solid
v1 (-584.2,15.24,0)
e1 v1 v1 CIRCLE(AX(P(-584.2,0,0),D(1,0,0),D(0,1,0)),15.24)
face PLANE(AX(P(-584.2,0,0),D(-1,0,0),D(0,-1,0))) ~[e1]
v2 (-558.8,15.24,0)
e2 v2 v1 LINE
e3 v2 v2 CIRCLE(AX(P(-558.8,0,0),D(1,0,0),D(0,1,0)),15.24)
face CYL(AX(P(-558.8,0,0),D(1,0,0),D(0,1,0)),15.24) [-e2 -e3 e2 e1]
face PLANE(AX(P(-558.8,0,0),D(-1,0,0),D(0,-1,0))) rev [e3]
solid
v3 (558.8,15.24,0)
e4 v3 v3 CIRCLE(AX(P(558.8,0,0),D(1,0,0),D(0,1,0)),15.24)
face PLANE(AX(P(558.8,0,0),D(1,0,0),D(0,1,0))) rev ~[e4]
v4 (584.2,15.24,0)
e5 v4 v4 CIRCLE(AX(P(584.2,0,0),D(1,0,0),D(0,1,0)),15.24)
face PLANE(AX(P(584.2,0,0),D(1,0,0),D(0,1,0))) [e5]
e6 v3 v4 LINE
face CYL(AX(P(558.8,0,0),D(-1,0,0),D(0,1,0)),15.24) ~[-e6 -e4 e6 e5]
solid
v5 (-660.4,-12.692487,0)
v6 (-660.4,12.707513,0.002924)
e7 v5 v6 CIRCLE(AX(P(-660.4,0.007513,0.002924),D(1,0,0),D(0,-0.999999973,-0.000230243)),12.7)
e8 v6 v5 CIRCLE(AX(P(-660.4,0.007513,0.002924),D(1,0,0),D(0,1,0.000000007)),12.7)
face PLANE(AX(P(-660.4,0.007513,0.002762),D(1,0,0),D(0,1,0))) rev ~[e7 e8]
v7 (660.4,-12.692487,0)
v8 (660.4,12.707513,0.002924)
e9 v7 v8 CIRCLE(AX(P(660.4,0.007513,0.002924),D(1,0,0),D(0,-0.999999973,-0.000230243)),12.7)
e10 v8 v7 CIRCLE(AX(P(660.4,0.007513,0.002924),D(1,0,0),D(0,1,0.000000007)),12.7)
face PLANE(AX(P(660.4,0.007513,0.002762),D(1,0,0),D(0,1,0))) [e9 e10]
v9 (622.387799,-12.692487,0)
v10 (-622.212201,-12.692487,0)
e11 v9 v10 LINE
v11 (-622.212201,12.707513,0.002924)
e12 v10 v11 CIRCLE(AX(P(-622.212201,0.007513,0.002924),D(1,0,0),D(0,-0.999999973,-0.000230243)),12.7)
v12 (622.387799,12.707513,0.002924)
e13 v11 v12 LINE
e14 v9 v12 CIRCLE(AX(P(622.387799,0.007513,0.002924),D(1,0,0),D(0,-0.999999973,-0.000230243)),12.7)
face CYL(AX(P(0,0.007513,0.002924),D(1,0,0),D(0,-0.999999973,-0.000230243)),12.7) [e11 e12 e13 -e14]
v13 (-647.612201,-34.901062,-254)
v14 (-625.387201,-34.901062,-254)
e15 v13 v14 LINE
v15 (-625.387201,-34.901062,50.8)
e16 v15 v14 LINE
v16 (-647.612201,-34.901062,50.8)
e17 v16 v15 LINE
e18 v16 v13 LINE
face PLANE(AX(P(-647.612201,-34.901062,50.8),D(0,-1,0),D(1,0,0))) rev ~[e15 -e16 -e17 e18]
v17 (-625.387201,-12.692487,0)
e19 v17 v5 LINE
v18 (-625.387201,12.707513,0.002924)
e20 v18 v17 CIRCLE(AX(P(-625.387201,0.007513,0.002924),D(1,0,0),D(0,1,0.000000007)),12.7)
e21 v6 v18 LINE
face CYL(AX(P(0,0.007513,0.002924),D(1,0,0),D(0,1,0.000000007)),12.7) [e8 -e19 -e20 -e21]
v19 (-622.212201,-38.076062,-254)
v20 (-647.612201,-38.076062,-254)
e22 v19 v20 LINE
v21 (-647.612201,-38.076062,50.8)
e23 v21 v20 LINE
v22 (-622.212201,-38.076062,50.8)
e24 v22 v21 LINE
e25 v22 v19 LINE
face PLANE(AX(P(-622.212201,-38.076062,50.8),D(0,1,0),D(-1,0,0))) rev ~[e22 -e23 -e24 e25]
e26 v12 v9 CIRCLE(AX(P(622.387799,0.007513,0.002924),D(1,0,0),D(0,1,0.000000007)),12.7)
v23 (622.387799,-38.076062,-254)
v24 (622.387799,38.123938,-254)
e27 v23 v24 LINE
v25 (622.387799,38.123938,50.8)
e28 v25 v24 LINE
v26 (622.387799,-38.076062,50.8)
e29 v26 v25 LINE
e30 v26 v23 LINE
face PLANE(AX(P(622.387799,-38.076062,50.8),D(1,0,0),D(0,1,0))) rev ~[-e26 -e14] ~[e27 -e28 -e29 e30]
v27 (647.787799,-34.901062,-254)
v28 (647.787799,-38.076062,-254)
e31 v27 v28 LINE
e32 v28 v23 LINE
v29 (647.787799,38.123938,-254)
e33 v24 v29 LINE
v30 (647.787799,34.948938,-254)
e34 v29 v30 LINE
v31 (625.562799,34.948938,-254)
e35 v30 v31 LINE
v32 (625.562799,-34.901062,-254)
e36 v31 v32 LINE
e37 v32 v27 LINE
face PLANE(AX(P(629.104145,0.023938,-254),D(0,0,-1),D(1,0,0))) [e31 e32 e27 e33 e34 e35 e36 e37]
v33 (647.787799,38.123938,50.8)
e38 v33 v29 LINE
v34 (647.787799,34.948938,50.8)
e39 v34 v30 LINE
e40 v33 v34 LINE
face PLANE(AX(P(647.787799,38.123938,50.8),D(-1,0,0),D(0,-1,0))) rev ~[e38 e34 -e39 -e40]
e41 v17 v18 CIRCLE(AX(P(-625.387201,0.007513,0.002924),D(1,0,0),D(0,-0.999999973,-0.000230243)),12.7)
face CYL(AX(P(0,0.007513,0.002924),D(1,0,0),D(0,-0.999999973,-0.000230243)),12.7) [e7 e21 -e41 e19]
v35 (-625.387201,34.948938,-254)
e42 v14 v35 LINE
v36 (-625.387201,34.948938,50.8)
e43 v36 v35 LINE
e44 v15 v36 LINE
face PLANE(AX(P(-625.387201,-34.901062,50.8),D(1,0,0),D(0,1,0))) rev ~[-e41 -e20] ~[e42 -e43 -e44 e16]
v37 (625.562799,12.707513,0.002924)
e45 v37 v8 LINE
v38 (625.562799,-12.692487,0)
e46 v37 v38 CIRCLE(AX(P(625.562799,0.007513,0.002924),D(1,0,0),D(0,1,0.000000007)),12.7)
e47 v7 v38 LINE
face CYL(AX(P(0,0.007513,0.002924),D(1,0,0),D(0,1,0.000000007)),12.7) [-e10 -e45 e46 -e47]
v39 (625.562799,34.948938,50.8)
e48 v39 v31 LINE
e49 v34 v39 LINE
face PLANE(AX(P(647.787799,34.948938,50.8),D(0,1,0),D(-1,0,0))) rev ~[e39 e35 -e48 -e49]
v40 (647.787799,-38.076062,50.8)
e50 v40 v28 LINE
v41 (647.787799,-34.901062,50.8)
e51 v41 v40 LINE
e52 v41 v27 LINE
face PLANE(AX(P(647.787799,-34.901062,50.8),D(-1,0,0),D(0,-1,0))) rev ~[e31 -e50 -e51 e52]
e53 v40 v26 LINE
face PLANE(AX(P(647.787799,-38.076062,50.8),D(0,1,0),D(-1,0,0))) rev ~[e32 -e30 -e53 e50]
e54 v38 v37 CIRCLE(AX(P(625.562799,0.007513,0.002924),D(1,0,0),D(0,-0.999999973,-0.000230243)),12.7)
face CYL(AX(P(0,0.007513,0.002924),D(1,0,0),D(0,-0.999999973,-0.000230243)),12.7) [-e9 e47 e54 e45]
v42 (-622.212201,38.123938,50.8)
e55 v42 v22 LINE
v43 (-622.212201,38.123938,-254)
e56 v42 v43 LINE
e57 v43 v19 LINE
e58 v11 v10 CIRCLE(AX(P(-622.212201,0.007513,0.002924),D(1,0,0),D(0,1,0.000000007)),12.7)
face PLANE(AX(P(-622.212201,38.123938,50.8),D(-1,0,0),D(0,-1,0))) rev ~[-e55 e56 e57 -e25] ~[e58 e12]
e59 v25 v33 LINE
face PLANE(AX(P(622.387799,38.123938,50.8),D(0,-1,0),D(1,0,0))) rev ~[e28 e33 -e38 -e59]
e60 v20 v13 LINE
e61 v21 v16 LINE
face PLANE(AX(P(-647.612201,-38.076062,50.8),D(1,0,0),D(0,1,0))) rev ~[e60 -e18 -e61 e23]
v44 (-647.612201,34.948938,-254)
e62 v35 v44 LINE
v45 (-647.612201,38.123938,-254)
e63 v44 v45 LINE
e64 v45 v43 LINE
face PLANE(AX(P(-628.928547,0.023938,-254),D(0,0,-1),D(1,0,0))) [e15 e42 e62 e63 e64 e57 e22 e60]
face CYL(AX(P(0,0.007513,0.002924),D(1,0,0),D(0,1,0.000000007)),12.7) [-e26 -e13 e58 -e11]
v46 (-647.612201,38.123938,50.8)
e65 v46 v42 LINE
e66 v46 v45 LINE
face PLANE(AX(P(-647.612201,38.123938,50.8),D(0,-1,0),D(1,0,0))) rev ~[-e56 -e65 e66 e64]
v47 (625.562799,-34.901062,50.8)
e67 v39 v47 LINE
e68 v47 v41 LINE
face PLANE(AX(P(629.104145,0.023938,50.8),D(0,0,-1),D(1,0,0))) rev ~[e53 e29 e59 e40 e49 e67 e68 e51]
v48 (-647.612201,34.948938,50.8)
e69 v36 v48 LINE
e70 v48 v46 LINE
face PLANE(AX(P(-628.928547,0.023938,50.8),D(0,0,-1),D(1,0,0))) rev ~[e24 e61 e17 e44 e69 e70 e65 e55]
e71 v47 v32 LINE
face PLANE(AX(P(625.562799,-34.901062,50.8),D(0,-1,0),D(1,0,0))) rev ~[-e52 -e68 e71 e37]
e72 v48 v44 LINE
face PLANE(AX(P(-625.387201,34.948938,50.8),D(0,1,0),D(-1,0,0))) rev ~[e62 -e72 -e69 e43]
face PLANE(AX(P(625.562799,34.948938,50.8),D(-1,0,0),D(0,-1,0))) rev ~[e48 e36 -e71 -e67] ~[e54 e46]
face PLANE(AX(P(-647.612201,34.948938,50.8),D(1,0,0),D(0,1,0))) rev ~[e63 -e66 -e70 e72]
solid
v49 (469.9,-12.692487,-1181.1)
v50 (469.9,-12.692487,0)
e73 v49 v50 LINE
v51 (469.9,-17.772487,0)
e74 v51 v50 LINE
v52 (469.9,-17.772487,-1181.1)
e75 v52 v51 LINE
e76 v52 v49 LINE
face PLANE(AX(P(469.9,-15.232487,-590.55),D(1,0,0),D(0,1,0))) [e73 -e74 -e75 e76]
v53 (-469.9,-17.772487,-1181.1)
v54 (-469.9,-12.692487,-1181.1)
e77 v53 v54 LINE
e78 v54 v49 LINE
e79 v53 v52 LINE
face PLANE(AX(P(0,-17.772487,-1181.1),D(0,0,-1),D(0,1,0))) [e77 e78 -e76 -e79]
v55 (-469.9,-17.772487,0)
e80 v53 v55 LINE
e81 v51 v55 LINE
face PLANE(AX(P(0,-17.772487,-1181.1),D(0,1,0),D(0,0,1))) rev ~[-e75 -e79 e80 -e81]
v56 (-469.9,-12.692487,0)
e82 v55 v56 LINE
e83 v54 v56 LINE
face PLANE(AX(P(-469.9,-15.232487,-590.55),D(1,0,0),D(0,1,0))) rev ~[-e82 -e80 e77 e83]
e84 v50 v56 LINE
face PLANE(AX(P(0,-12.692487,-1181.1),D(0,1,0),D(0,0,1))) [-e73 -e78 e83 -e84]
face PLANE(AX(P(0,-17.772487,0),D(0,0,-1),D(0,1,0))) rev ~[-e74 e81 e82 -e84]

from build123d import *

# Parameters (mm, degrees)
F1_DEPTH = 660.4
F0_W     = 5.08
F0_H     = 1181.1
F2_DEPTH = 469.9
F5_DEPTH = 304.8
F7_R     = 15.24
F8_DEPTH = 25.4


with BuildPart() as f1:
    # F0 (on Right) → F1 (new body, symmetric)
    with BuildSketch(Plane.YZ):
        with BuildLine():
            ThreePointArc((-12.692487, 0), (0.008975, -12.697076), (12.707513, 0.002924))
            ThreePointArc((12.707513, 0.002924), (0.00605, 12.702924), (-12.692487, 0))
        make_face()
    extrude(amount=F1_DEPTH, both=True)

    # F4 (on face) → F5 (join)
    with BuildSketch(Plane(origin=(0, 0, 50.8), x_dir=(1, 0, 0), z_dir=(0, 0, -1))):
        Polygon((-622.212201, -38.123938), (-622.212201, -0.023938), (-622.212201, 38.076062), (-647.612201, 38.076062), (-647.612201, 34.901062), (-625.387201, 34.901062), (-625.387201, -34.948938), (-647.612201, -34.948938), (-647.612201, -38.123938), align=None)
        Polygon((625.562799, 34.901062), (647.787799, 34.901062), (647.787799, 38.076062), (622.387799, 38.076062), (622.387799, -38.123938), (647.787799, -38.123938), (647.787799, -34.948938), (625.562799, -34.948938), align=None)
    extrude(amount=F5_DEPTH)


with BuildPart() as f2:
    # F0 (on Right) → F2 (new body, symmetric)
    with BuildSketch(Plane.YZ):
        with Locations((-15.232487, -590.55)):
            Rectangle(F0_W, F0_H)
    extrude(amount=F2_DEPTH, both=True)


with BuildPart() as f8:
    # F7 (on face) → F8 (new body)
    with BuildSketch(Plane.YZ.offset(558.8)):
        Circle(F7_R)
    extrude(amount=F8_DEPTH)


with BuildPart() as f9_1:
    # F9: instance of F8
    add(f8.part.mirror(Plane.YZ))


solid = Compound([f1.part, f2.part, f8.part, f9_1.part])
